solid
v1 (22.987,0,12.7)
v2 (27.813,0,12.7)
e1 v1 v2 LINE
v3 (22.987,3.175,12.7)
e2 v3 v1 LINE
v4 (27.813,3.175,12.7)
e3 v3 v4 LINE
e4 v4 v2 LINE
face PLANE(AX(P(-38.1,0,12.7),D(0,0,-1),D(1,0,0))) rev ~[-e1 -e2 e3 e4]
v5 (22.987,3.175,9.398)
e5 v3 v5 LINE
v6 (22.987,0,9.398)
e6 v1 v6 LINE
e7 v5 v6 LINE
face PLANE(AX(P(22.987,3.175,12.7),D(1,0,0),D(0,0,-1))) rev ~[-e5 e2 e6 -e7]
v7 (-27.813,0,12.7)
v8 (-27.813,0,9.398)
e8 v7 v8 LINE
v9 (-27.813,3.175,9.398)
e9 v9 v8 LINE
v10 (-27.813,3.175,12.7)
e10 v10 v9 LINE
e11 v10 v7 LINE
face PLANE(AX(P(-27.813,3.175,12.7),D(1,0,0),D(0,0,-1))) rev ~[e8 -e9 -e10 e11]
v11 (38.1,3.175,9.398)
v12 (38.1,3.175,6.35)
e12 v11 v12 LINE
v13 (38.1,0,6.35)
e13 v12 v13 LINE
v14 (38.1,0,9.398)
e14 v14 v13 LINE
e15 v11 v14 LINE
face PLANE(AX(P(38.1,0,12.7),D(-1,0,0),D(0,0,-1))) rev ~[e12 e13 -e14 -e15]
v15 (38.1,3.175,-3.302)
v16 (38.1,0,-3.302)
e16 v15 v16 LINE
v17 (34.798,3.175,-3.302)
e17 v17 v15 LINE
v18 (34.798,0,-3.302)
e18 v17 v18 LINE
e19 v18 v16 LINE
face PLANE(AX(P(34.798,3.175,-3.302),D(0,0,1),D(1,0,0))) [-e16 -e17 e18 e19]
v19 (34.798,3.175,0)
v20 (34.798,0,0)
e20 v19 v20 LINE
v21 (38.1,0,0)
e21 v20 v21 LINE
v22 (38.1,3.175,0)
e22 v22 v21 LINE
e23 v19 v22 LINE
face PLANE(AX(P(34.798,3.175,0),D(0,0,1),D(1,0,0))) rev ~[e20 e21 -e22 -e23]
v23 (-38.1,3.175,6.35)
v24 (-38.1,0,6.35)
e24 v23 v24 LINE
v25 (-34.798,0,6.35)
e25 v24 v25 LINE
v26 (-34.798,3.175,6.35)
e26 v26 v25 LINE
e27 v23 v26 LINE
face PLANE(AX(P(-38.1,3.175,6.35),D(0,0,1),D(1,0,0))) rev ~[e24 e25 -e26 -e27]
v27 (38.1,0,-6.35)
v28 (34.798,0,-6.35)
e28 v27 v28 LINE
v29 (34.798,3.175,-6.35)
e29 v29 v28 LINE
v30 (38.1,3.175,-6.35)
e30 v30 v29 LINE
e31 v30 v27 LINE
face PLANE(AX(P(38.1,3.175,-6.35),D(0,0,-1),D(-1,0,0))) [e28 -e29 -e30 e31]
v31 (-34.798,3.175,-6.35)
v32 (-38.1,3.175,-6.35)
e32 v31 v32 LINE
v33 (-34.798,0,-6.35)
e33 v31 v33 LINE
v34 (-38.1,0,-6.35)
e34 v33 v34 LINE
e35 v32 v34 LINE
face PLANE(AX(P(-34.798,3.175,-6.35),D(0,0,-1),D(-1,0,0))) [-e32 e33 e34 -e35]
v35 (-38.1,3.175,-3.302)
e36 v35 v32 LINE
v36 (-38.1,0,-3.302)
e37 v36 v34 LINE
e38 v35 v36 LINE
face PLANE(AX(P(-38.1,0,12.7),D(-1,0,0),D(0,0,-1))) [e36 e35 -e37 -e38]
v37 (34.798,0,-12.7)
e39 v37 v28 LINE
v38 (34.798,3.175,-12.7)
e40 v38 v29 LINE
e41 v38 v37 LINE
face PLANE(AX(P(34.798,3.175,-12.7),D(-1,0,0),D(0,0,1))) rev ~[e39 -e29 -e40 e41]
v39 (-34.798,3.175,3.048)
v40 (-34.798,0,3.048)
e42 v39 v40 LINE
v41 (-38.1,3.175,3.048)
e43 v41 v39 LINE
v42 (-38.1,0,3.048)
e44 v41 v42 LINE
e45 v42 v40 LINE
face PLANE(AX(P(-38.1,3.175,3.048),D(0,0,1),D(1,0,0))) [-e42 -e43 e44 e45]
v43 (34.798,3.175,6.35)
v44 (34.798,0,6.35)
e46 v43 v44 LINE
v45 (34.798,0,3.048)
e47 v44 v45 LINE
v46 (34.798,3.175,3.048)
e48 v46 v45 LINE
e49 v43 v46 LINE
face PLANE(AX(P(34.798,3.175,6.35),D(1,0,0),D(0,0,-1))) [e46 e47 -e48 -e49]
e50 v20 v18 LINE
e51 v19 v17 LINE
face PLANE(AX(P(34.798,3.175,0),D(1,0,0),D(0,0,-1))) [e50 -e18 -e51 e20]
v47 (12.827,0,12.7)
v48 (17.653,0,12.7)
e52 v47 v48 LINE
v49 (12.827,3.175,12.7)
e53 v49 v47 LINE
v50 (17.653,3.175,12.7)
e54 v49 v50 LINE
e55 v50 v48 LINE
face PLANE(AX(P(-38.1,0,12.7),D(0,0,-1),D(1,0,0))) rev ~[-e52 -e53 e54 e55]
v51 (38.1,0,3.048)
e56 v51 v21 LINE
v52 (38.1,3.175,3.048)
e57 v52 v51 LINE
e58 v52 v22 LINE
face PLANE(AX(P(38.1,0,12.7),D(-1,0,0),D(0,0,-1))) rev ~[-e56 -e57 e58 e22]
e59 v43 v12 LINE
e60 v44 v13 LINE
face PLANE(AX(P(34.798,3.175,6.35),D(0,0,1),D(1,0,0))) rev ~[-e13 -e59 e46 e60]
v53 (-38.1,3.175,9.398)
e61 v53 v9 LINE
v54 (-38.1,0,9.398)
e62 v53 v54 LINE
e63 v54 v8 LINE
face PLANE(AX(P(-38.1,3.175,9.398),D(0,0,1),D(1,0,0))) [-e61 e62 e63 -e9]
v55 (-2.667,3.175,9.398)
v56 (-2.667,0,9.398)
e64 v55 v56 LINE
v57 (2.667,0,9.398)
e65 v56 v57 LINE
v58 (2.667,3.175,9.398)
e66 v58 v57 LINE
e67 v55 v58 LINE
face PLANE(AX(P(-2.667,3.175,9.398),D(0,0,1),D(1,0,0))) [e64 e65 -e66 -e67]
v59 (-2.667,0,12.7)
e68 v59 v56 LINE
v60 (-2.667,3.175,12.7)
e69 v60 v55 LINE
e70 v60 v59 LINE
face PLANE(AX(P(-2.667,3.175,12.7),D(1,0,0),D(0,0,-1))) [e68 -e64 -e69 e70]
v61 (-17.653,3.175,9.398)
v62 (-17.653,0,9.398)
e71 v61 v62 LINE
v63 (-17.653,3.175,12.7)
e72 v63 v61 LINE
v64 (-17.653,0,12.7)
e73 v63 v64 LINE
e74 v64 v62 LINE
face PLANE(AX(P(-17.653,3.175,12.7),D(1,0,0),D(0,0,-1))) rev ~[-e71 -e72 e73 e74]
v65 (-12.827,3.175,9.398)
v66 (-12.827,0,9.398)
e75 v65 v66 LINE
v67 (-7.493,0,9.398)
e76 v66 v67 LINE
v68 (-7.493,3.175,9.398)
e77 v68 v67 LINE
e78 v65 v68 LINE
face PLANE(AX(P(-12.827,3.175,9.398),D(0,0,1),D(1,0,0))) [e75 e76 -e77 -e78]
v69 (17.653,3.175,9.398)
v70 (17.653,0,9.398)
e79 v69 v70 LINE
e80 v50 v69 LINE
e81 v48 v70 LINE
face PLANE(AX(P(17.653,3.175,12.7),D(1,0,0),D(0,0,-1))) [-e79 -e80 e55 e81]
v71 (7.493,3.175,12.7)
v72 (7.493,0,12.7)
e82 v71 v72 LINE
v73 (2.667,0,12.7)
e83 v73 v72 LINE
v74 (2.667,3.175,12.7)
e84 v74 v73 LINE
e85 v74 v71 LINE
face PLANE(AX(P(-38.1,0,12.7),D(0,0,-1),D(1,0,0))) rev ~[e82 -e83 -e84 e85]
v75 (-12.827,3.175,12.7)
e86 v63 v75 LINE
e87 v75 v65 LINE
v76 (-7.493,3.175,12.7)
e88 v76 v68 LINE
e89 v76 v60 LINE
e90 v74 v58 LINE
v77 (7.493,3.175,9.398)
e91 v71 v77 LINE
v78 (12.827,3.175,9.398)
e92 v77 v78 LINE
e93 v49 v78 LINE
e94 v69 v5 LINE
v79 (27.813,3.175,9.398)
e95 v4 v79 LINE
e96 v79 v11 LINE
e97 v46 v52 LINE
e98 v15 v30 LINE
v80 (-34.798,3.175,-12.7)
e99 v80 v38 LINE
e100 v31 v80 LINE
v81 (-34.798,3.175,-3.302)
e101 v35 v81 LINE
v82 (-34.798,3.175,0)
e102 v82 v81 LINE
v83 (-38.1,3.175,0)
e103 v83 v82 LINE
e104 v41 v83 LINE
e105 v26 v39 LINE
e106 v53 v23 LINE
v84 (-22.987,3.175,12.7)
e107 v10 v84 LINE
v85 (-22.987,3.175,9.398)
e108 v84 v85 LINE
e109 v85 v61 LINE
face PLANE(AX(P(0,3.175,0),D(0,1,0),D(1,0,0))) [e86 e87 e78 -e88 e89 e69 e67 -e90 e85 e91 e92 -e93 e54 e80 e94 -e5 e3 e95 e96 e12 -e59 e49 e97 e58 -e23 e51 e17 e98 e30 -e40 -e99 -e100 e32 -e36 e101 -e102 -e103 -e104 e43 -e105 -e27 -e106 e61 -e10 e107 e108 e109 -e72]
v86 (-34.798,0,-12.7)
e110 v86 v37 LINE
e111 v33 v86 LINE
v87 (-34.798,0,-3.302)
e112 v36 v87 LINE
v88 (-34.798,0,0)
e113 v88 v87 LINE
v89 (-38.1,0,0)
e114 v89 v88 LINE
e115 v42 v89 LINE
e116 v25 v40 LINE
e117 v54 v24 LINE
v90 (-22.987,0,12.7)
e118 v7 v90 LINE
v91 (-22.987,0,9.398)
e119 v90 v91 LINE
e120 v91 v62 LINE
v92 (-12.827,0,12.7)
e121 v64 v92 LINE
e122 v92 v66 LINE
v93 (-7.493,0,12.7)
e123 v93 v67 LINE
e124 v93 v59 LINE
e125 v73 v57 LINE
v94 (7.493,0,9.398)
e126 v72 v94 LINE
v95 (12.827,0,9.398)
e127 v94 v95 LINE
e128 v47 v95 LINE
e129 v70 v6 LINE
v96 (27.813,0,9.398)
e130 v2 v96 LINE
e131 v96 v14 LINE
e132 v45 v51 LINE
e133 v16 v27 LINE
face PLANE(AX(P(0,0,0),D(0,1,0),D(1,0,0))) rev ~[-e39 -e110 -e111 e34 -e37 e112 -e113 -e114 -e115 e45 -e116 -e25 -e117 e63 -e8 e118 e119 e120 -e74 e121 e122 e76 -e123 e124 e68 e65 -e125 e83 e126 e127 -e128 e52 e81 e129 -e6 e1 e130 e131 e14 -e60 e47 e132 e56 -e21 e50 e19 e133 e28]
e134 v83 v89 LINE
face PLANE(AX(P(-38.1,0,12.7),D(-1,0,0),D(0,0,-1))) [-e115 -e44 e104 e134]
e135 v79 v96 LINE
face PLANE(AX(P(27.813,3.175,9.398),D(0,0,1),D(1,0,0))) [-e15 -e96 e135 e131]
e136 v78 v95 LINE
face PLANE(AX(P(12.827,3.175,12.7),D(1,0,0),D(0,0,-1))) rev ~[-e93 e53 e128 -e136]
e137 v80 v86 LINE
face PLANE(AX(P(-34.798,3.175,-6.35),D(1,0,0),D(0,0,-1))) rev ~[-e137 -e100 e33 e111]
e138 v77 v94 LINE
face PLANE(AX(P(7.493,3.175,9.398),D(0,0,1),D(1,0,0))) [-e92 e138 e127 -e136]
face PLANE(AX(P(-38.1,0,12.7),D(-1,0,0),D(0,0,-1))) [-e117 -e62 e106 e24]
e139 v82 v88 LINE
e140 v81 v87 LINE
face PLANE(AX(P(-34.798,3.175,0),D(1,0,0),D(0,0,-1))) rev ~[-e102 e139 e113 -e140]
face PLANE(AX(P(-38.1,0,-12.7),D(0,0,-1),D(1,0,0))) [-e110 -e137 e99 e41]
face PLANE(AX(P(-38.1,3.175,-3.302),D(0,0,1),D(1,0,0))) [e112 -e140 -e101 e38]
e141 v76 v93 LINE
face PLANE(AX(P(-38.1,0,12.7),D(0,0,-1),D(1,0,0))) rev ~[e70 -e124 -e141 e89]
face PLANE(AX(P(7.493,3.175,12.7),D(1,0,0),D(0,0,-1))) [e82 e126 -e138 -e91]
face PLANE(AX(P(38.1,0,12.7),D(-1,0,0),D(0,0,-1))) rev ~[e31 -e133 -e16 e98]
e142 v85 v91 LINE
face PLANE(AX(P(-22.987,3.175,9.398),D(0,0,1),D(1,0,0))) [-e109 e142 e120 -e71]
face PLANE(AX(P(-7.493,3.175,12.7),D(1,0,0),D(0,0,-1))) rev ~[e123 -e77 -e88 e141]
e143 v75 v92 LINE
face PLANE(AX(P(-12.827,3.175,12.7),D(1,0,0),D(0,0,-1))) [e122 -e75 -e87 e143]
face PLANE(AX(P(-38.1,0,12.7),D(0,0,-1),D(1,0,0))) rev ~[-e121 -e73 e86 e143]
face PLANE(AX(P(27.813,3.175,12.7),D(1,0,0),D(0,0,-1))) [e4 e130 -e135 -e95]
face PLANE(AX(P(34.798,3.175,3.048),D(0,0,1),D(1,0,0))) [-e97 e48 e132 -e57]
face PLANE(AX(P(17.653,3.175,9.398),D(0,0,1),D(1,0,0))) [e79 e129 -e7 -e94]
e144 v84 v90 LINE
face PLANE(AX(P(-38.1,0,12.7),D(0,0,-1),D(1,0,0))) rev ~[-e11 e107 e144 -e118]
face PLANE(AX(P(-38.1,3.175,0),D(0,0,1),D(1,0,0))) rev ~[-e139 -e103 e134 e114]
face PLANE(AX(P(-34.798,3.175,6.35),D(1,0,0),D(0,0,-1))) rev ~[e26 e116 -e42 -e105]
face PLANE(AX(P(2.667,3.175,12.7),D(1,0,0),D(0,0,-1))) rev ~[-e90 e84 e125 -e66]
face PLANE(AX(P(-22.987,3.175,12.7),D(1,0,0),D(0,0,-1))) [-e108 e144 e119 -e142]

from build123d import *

# Parameters (mm, degrees)
SKETCH1_W           = 76.2
SKETCH1_H           = 25.4
BOSS_EXTRUDE1_DEPTH = 3.175
SKETCH3_W           = 10.287
SKETCH3_H           = 3.302
SKETCH3_W_2         = 5.334
SKETCH3_W_3         = 3.302
CUT_EXTRUDE1_DEPTH  = 41.286233691


with BuildPart() as part:
    # Sketch1 → Boss-Extrude1 (new body)
    with BuildSketch(Plane(origin=(0, 0, 0), x_dir=(1, 0, 0), z_dir=(0, 1, 0))):
        Rectangle(SKETCH1_W, SKETCH1_H)
    extrude(amount=BOSS_EXTRUDE1_DEPTH)

    # Sketch3 → Cut-Extrude1 (cut, through all)
    with BuildSketch(Plane(origin=(0, 3.175, 0), x_dir=(1, 0, 0), z_dir=(0, 1, 0))):
        with Locations((32.9565, -11.049)):
            Rectangle(SKETCH3_W, SKETCH3_H)
        with Locations((20.32, -11.049)):
            Rectangle(SKETCH3_W_2, SKETCH3_H)
        with Locations((10.16, -11.049)):
            Rectangle(SKETCH3_W_2, SKETCH3_H)
        with Locations((0, -11.049)):
            Rectangle(SKETCH3_W_2, SKETCH3_H)
        with Locations((-10.16, -11.049)):
            Rectangle(SKETCH3_W_2, SKETCH3_H)
        with Locations((-20.32, -11.049)):
            Rectangle(SKETCH3_W_2, SKETCH3_H)
        with Locations((-32.9565, -11.049)):
            Rectangle(SKETCH3_W, SKETCH3_H)
        with Locations((36.449, -4.699)):
            Rectangle(SKETCH3_W_3, SKETCH3_H)
        with Locations((36.449, 1.651)):
            Rectangle(SKETCH3_W_3, SKETCH3_H)
        Polygon((38.1, 6.35), (34.798, 6.35), (34.798, 9.652), (34.798, 12.7), (38.1, 12.7), (38.1, 9.652), align=None)
        Polygon((-34.798, 12.7), (-34.798, 9.652), (-34.798, 6.35), (-38.1, 6.35), (-38.1, 9.652), (-38.1, 12.7), align=None)
        with Locations((-36.449, 1.651)):
            Rectangle(SKETCH3_W_3, SKETCH3_H)
        with Locations((-36.449, -4.699)):
            Rectangle(SKETCH3_W_3, SKETCH3_H)
    extrude(amount=-CUT_EXTRUDE1_DEPTH, mode=Mode.SUBTRACT)


solid = part.part
